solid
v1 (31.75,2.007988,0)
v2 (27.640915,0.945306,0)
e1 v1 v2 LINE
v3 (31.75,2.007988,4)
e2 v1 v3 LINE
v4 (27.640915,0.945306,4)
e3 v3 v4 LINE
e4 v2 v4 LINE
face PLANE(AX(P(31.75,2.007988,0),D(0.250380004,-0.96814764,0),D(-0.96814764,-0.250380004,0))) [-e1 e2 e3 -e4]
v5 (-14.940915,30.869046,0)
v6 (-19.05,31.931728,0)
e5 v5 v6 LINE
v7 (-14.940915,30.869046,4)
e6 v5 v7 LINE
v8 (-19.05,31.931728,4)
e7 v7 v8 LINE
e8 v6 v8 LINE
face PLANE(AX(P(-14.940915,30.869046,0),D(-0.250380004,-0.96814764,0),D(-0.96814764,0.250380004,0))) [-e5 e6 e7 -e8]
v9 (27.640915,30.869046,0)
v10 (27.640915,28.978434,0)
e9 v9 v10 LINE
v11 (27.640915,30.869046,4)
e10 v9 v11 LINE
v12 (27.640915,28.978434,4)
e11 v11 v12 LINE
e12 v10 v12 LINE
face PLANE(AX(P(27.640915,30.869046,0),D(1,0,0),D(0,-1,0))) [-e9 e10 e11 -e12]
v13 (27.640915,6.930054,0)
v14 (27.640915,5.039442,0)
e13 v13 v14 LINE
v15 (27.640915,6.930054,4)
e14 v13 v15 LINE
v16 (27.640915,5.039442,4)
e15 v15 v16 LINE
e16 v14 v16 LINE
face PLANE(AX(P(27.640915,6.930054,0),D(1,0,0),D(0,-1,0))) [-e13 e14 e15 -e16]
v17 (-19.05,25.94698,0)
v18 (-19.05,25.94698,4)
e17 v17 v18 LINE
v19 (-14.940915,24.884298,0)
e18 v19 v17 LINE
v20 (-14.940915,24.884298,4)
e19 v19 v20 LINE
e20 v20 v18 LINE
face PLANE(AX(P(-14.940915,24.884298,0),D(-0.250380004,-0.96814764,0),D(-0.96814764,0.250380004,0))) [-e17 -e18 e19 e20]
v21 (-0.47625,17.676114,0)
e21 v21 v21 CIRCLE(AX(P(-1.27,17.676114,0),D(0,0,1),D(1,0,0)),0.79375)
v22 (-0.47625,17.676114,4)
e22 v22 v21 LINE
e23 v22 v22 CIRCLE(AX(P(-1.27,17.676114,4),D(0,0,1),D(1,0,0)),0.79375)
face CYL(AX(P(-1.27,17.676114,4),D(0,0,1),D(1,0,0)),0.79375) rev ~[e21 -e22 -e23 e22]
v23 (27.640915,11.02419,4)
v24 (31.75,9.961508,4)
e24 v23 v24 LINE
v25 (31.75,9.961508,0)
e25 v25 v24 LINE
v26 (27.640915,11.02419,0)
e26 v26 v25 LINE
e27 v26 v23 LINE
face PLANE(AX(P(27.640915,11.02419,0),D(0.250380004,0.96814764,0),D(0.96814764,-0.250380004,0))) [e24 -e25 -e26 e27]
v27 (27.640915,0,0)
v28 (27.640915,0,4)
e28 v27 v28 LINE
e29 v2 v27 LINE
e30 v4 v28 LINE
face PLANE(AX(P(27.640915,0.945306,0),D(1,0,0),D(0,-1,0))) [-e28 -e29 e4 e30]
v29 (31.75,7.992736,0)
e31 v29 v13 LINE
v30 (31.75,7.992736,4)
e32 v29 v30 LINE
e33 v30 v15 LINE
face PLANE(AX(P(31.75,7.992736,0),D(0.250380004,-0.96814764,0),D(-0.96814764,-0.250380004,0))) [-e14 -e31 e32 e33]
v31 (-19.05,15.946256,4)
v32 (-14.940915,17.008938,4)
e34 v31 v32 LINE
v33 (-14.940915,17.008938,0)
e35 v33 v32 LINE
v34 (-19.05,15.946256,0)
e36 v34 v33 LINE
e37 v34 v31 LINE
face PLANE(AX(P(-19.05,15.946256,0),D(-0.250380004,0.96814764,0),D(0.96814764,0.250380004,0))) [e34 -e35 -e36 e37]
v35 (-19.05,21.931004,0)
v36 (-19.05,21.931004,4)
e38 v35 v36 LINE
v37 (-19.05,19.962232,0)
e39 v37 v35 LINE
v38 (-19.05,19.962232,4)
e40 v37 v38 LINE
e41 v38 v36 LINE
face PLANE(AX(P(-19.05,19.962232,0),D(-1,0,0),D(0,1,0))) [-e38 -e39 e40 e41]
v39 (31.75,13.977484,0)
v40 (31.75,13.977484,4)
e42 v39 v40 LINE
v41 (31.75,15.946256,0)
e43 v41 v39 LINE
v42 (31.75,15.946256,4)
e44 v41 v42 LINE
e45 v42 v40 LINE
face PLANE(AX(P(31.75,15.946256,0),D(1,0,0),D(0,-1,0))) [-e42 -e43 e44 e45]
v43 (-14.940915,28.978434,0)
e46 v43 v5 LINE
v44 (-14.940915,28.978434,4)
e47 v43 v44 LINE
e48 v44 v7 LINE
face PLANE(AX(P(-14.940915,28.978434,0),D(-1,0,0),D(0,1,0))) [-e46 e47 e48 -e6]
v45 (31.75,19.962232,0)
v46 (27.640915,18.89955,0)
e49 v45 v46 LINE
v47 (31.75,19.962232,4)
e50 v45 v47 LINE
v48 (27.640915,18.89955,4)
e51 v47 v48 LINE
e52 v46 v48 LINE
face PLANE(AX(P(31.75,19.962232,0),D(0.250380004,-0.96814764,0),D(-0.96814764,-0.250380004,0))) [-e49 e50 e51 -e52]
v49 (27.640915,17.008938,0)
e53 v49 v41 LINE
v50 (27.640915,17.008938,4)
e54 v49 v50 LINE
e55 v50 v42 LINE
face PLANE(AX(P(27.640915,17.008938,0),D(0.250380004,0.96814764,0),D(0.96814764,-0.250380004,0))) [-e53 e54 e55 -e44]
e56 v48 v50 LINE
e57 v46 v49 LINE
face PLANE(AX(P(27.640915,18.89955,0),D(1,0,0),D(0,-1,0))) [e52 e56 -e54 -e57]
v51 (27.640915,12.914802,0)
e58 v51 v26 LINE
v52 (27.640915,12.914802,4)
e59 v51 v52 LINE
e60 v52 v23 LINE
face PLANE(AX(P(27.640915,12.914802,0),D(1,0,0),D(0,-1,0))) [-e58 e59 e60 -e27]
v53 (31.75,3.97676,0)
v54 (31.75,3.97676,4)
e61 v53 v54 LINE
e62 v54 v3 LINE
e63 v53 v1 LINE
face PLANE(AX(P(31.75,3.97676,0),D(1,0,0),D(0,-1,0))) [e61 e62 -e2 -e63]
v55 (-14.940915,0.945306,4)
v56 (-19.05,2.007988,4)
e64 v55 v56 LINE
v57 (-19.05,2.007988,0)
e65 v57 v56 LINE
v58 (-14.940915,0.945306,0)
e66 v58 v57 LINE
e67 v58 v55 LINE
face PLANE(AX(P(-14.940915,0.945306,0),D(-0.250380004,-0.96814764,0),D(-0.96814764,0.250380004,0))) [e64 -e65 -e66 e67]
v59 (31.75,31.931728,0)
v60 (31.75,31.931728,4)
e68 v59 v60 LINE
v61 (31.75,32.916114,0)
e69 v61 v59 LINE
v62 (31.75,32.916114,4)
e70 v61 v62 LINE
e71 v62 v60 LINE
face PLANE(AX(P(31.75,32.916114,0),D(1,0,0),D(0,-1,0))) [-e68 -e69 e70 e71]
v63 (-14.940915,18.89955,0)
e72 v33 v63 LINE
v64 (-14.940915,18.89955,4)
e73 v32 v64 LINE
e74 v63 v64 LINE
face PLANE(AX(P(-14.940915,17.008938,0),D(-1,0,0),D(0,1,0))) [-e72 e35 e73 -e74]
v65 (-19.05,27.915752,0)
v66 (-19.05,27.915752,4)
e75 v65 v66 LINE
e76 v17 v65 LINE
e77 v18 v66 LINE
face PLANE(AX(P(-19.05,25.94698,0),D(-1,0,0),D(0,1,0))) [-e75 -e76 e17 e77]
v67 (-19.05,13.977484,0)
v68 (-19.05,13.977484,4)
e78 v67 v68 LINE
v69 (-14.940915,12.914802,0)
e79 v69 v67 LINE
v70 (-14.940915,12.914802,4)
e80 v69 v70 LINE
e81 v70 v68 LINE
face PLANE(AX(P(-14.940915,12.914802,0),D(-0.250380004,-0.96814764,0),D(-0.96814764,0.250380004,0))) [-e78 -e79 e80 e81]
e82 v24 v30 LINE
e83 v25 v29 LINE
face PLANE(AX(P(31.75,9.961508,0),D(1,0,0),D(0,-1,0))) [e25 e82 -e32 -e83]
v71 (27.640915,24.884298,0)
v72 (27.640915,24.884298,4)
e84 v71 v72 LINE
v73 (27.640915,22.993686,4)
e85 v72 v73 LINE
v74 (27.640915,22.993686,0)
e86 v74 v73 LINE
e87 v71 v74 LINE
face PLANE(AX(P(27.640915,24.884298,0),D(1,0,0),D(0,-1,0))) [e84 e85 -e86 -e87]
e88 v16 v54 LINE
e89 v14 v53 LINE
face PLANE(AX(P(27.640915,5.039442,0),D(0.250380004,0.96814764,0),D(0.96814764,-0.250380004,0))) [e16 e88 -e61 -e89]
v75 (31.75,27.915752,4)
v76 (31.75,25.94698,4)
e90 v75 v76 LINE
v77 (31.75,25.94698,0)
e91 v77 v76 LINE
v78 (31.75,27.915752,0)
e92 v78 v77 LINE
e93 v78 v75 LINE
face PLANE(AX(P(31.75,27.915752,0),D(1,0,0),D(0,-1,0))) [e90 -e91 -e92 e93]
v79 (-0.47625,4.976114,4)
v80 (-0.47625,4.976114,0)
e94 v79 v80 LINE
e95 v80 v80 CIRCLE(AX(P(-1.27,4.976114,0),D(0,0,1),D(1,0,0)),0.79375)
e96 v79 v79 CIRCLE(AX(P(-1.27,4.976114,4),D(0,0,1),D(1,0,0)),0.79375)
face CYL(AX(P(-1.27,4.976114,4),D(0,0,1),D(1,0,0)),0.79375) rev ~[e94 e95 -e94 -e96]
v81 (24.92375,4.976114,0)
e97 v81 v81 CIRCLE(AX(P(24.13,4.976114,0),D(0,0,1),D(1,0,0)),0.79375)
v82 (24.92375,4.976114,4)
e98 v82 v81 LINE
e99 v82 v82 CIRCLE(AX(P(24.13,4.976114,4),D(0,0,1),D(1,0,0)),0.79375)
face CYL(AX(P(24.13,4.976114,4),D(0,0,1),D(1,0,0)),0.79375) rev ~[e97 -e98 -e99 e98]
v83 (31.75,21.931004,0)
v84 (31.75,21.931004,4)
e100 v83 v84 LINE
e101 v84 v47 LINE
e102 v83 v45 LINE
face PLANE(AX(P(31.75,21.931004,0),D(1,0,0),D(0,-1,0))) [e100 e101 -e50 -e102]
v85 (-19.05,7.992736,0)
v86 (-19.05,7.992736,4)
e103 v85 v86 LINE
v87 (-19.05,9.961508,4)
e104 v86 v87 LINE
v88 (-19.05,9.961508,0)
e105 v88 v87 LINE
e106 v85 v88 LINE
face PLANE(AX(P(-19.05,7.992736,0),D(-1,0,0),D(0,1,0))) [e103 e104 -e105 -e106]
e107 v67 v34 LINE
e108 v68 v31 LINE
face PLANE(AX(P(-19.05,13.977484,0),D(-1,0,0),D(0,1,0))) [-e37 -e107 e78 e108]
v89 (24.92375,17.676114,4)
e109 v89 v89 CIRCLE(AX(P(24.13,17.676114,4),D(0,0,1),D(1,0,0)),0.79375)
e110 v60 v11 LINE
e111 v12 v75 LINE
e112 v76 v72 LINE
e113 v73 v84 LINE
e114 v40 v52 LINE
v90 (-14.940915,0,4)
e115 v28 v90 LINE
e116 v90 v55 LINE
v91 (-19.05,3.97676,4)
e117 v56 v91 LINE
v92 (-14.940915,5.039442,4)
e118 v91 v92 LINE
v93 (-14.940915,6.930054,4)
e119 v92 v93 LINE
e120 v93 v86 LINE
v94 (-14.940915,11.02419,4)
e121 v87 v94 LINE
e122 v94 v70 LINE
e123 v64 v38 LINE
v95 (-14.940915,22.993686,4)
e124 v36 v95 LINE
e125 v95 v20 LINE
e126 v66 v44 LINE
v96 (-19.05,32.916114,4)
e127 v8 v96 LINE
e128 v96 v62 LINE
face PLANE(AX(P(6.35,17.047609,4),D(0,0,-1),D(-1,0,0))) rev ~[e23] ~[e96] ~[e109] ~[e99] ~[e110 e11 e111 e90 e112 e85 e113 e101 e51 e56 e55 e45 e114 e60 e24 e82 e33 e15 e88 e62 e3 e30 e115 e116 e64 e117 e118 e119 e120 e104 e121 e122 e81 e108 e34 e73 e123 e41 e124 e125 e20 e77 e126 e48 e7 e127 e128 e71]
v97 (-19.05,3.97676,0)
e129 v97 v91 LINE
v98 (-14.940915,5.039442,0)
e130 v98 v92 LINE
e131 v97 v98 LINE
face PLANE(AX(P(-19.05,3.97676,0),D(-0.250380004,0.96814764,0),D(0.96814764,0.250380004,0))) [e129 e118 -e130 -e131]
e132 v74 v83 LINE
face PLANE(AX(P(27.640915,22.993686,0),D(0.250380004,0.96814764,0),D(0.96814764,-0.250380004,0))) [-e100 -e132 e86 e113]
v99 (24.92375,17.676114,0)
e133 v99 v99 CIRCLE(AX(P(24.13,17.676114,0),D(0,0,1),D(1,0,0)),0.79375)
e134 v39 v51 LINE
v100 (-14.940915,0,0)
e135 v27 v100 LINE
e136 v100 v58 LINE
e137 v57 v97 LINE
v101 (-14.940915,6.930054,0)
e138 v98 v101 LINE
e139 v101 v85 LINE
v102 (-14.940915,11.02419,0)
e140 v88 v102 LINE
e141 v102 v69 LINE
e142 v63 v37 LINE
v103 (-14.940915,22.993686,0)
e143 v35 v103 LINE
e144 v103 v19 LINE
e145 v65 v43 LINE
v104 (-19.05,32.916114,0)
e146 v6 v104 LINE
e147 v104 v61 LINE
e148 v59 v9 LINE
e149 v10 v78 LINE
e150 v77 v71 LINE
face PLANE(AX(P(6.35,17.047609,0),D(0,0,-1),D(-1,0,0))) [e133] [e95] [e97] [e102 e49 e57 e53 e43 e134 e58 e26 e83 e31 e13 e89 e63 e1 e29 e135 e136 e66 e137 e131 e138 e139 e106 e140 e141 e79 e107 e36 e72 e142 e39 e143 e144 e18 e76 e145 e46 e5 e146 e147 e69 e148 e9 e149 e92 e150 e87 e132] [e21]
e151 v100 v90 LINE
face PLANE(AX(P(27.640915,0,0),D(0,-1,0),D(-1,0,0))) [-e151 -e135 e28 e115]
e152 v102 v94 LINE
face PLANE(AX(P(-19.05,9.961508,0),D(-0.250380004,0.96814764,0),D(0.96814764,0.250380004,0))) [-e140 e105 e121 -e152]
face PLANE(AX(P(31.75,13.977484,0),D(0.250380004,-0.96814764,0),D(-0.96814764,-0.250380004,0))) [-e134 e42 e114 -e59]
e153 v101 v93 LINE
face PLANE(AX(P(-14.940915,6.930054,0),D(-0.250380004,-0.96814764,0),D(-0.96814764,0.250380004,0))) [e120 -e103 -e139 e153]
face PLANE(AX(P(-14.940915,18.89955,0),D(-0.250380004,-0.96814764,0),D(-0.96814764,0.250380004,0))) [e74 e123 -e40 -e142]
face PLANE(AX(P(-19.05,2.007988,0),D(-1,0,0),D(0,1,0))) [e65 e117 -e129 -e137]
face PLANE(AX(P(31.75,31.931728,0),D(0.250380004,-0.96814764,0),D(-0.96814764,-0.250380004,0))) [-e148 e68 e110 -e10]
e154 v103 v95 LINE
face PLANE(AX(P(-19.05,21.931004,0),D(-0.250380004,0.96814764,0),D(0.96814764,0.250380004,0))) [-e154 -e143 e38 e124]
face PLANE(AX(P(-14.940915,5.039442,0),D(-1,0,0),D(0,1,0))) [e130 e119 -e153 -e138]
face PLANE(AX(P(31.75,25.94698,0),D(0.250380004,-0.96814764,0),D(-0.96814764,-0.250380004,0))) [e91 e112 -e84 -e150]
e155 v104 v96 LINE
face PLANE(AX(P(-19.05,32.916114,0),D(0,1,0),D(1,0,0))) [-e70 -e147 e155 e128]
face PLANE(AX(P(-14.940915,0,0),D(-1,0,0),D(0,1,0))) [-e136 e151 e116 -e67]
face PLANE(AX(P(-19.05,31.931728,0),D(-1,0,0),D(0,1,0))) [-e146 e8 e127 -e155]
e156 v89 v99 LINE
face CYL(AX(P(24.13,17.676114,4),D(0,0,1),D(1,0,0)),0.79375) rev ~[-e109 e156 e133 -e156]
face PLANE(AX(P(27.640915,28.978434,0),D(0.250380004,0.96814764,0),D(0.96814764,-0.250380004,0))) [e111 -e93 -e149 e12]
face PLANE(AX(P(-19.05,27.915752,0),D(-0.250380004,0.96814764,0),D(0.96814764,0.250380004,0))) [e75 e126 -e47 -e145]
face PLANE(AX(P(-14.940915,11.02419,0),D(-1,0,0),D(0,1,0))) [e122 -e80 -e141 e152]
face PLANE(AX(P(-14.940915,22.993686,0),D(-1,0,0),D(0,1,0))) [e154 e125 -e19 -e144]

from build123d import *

# Parameters (mm, degrees)
BOSS_EXTRUDE1_DEPTH = 4
SKETCH2_R           = 0.79375
CUT_EXTRUDE1_DEPTH  = 4


with BuildPart() as part:
    # Sketch1 → Boss-Extrude1 (new body)
    with BuildSketch(Plane.XY):
        Polygon((-19.05, 32.916114), (31.75, 32.916114), (31.75, 31.931727843), (27.640915, 30.869046207), (27.640915, 28.978433793), (31.75, 27.915752157), (31.75, 25.946979843), (27.640915, 24.884298207), (27.640915, 22.993685793), (31.75, 21.931004157), (31.75, 19.962231843), (27.640915, 18.899550207), (27.640915, 17.008937793), (31.75, 15.946256157), (31.75, 13.977483843), (27.640915, 12.914802207), (27.640915, 11.024189793), (31.75, 9.961508157), (31.75, 7.992735843), (27.640915, 6.930054207), (27.640915, 5.039441793), (31.75, 3.976760157), (31.75, 2.007987843), (27.640915, 0.945306207), (27.640915, 0), (-14.940915, 0), (-14.940915, 0.945306207), (-19.05, 2.007987843), (-19.05, 3.976760157), (-14.940915, 5.039441793), (-14.940915, 6.930054207), (-19.05, 7.992735843), (-19.05, 9.961508157), (-14.940915, 11.024189793), (-14.940915, 12.914802207), (-19.05, 13.977483843), (-19.05, 15.946256157), (-14.940915, 17.008937793), (-14.940915, 18.899550207), (-19.05, 19.962231843), (-19.05, 21.931004157), (-14.940915, 22.993685793), (-14.940915, 24.884298207), (-19.05, 25.946979843), (-19.05, 27.915752157), (-14.940915, 28.978433793), (-14.940915, 30.869046207), (-19.05, 31.931727843), align=None)
    extrude(amount=BOSS_EXTRUDE1_DEPTH)

    # Sketch2 → Cut-Extrude1 (cut)
    with BuildSketch(Plane.XY.offset(4)):
        with Locations((-1.27, 17.676114)):
            Circle(SKETCH2_R)
        with Locations((24.13, 17.676114)):
            Circle(SKETCH2_R)
        with Locations((24.13, 4.976114)):
            Circle(SKETCH2_R)
        with Locations((-1.27, 4.976114)):
            Circle(SKETCH2_R)
    extrude(amount=-CUT_EXTRUDE1_DEPTH, mode=Mode.SUBTRACT)


solid = part.part
